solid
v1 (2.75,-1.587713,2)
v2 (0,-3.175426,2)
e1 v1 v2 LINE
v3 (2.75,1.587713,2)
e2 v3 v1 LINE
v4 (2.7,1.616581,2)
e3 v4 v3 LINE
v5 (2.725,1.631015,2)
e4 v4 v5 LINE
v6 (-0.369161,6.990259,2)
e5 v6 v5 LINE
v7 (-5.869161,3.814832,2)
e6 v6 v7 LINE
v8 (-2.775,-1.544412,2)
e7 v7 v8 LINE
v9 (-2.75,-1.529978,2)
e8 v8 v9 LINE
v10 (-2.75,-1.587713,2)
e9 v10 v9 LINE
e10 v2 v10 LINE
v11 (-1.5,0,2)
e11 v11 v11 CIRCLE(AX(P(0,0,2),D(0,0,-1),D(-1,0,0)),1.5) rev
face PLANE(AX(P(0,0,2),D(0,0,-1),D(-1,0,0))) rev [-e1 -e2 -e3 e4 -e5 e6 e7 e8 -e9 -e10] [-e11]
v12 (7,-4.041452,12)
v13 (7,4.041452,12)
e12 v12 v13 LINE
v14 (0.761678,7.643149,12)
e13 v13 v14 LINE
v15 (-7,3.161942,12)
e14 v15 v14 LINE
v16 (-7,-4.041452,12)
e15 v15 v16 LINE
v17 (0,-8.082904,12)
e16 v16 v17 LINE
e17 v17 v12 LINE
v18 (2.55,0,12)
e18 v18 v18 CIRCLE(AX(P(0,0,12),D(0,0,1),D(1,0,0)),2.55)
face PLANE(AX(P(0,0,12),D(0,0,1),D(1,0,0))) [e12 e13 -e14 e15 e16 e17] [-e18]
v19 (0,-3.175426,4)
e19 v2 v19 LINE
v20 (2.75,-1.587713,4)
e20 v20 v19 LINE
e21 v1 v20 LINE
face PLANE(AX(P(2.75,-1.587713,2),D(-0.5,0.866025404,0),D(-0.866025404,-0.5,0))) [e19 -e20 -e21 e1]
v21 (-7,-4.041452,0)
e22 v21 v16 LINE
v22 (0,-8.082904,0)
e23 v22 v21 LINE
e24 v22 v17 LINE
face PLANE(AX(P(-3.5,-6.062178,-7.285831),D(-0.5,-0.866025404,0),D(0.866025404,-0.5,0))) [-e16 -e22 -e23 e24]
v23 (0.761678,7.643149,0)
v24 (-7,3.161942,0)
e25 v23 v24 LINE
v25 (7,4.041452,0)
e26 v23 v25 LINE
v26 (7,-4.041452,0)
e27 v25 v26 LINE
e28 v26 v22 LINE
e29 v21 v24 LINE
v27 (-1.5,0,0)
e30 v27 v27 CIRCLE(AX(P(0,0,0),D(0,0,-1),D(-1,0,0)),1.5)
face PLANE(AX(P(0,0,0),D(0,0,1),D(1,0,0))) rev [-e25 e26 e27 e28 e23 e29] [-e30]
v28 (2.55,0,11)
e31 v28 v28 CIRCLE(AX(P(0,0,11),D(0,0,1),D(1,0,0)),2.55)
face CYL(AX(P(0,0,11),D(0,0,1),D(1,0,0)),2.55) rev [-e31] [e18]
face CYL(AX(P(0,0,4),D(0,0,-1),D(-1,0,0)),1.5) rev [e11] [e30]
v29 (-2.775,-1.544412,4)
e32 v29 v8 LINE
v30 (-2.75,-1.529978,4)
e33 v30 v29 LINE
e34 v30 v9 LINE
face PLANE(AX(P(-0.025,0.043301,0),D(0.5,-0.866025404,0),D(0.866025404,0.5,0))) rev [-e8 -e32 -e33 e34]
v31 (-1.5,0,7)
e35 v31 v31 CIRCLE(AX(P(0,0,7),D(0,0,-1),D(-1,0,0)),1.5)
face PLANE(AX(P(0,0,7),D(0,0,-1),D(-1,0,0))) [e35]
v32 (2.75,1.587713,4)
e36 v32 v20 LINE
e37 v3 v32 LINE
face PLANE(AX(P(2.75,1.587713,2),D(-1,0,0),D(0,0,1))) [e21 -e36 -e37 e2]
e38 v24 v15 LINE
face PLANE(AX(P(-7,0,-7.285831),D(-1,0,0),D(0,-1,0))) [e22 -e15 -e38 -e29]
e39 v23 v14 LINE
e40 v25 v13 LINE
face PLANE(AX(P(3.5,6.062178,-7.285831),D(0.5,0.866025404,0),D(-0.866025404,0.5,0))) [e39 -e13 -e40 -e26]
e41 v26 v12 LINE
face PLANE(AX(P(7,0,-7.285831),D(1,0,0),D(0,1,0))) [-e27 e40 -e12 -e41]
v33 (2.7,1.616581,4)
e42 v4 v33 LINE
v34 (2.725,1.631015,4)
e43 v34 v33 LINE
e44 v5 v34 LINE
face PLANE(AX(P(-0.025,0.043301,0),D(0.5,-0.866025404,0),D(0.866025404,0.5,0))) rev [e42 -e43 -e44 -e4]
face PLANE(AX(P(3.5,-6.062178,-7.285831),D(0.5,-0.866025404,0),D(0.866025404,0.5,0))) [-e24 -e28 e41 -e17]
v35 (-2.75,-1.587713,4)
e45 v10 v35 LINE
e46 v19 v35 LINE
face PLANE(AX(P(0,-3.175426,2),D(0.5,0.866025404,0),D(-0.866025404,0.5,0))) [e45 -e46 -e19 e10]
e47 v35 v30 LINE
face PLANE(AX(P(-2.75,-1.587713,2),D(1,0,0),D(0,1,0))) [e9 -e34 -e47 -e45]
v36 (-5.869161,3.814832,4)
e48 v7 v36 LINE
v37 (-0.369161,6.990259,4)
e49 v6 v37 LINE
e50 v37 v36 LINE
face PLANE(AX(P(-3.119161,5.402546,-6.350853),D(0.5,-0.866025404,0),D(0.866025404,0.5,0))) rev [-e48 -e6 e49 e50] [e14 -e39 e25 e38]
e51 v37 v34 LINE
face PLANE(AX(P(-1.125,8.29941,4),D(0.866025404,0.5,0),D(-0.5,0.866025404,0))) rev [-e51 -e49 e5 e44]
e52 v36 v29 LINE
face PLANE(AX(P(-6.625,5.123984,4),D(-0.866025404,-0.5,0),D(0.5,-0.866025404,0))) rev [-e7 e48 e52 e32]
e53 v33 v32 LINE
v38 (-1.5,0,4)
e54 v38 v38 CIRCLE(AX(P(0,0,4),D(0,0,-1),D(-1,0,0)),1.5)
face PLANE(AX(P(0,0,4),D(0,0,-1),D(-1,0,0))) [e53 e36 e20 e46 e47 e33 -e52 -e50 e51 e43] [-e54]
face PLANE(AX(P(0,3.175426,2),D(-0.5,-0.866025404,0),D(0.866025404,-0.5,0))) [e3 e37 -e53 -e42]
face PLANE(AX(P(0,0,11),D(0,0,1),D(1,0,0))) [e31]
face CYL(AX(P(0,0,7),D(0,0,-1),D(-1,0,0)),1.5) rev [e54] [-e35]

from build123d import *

# Parameters (mm, degrees)
SKETCH1_R           = 7
BOSS_EXTRUDE1_DEPTH = 12
SKETCH2_R           = 2.55
CUT_EXTRUDE1_DEPTH  = 1
SKETCH3_R           = 1.5
CUT_EXTRUDE2_DEPTH  = 4
CUT_EXTRUDE3_DEPTH  = 2
SKETCH5_W           = 6.350852962
SKETCH5_H           = 2
CUT_EXTRUDE4_DEPTH  = 5
SKETCH5_2_W         = 6.350852962
SKETCH5_2_H         = 2
CUT_EXTRUDE5_DEPTH  = 2.7
SKETCH6_R           = 1.5
CUT_EXTRUDE6_DEPTH  = 7
BOSS_EXTRUDE2_DEPTH = 12
CUT_EXTRUDE7_DEPTH  = 12
CUT_EXTRUDE8_DEPTH  = 12


with BuildPart() as part:
    # Sketch1 → Boss-Extrude1 (new body)
    with BuildSketch(Plane.XY):
        Circle(SKETCH1_R)
    extrude(amount=BOSS_EXTRUDE1_DEPTH)

    # Sketch2 → Cut-Extrude1 (cut)
    with BuildSketch(Plane.XY.offset(12)):
        Circle(SKETCH2_R)
    extrude(amount=-CUT_EXTRUDE1_DEPTH, mode=Mode.SUBTRACT)

    # Sketch3 → Cut-Extrude2 (cut)
    with BuildSketch(Plane(origin=(0, 0, 0), x_dir=(-1, 0, 0), z_dir=(0, 0, -1))):
        Circle(SKETCH3_R)
    extrude(amount=-CUT_EXTRUDE2_DEPTH, mode=Mode.SUBTRACT)

    # Sketch4 → Cut-Extrude3 (cut)
    with BuildSketch(Plane(origin=(0, 0, 4), x_dir=(-1, 0, 0), z_dir=(0, 0, -1))):
        Polygon((0, 3.175426481), (-2.75, 1.58771324), (-2.75, -1.58771324), (0, -3.175426481), (2.75, -1.58771324), (2.75, 1.58771324), align=None)
    extrude(amount=CUT_EXTRUDE3_DEPTH, mode=Mode.SUBTRACT)

    # Sketch5 → Cut-Extrude4 (cut)
    with BuildSketch(Plane(origin=(-1.375, 2.38156986, 0), x_dir=(0.866025404, 0.5, 0), z_dir=(0.5, -0.866025404, 0))):
        with Locations((0, 3)):
            Rectangle(SKETCH5_W, SKETCH5_H)
    extrude(amount=-CUT_EXTRUDE4_DEPTH, mode=Mode.SUBTRACT)

    # Sketch5<2> → Cut-Extrude5 (cut)
    with BuildSketch(Plane(origin=(-1.375, 2.38156986, 0), x_dir=(0.866025404, 0.5, 0), z_dir=(0.5, -0.866025404, 0))):
        with Locations((0, 3)):
            Rectangle(SKETCH5_2_W, SKETCH5_2_H)
    extrude(amount=CUT_EXTRUDE5_DEPTH, mode=Mode.SUBTRACT)

    # Sketch6 → Cut-Extrude6 (cut)
    with BuildSketch(Plane(origin=(0, 0, 0), x_dir=(-1, 0, 0), z_dir=(0, 0, -1))):
        Circle(SKETCH6_R)
    extrude(amount=-CUT_EXTRUDE6_DEPTH, mode=Mode.SUBTRACT)

    # Sketch7 → Boss-Extrude2 (add)
    with BuildSketch(Plane.XY.offset(12)):
        with BuildLine():
            Line((-5.869161212, 3.814832456), (-6.25, 4.474464586))
            Line((-6.25, 4.474464586), (-7, 4.041451884))
            Line((-7, 4.041451884), (-7, 0))
            ThreePointArc((-7, 0), (-6.711338484, 1.989456146), (-5.869161212, 3.814832456))
        make_face()
        with BuildLine():
            Line((3.499999838, 6.06217792), (0, 8.082903769))
            Line((0, 8.082903769), (-0.75, 7.649891067))
            Line((-0.75, 7.649891067), (-0.369161212, 6.990258937))
            ThreePointArc((-0.369161212, 6.990258937), (1.632749589, 6.806917715), (3.499999838, 6.06217792))
        make_face()
        with BuildLine():
            Line((7, 4.041451884), (3.499999838, 6.06217792))
            ThreePointArc((3.499999838, 6.06217792), (6.06217778, 3.500000081), (7, 0))
            Line((7, 0), (7, 4.041451884))
        make_face()
        with BuildLine():
            Line((7, -4.041451884), (7, 0))
            ThreePointArc((7, 0), (6.062177778, -3.500000084), (3.499999831, -6.062177924))
            Line((3.499999831, -6.062177924), (7, -4.041451884))
        make_face()
        with BuildLine():
            Line((0, -8.082903769), (3.499999831, -6.062177924))
            ThreePointArc((3.499999831, -6.062177924), (-1.13e-07, -7), (-3.500000026, -6.062177811))
            Line((-3.500000026, -6.062177811), (0, -8.082903769))
        make_face()
        with BuildLine():
            ThreePointArc((-3.500000026, -6.062177811), (-6.062177834, -3.499999987), (-7, 0))
            Line((-7, 0), (-7, -4.041451884))
            Line((-7, -4.041451884), (-3.500000026, -6.062177811))
        make_face()
    extrude(amount=-BOSS_EXTRUDE2_DEPTH)

    # Sketch7<4> → Cut-Extrude7 (cut)
    with BuildSketch(Plane.XY.offset(12)):
        with BuildLine():
            ThreePointArc((-0.369161212, 6.990258937), (-1.989456099, 6.711338498), (-3.499999915, 6.062177876))
            ThreePointArc((-3.499999915, 6.062177876), (-4.817461512, 5.078588838), (-5.869161212, 3.814832456))
            Line((-5.869161212, 3.814832456), (-0.369161212, 6.990258937))
        make_face()
    extrude(amount=-CUT_EXTRUDE7_DEPTH, mode=Mode.SUBTRACT)

    # Sketch8 → Cut-Extrude8 (cut)
    with BuildSketch(Plane.XY.offset(12)):
        Polygon((-7, 3.161942377), (-5.869161212, 3.814832456), (-6.25, 4.474464586), (-7, 4.041451884), align=None)
        Polygon((-0.75, 7.649891067), (-0.369161212, 6.990258937), (0.761677576, 7.643149015), (0, 8.082903769), align=None)
    extrude(amount=-CUT_EXTRUDE8_DEPTH, mode=Mode.SUBTRACT)


solid = part.part
